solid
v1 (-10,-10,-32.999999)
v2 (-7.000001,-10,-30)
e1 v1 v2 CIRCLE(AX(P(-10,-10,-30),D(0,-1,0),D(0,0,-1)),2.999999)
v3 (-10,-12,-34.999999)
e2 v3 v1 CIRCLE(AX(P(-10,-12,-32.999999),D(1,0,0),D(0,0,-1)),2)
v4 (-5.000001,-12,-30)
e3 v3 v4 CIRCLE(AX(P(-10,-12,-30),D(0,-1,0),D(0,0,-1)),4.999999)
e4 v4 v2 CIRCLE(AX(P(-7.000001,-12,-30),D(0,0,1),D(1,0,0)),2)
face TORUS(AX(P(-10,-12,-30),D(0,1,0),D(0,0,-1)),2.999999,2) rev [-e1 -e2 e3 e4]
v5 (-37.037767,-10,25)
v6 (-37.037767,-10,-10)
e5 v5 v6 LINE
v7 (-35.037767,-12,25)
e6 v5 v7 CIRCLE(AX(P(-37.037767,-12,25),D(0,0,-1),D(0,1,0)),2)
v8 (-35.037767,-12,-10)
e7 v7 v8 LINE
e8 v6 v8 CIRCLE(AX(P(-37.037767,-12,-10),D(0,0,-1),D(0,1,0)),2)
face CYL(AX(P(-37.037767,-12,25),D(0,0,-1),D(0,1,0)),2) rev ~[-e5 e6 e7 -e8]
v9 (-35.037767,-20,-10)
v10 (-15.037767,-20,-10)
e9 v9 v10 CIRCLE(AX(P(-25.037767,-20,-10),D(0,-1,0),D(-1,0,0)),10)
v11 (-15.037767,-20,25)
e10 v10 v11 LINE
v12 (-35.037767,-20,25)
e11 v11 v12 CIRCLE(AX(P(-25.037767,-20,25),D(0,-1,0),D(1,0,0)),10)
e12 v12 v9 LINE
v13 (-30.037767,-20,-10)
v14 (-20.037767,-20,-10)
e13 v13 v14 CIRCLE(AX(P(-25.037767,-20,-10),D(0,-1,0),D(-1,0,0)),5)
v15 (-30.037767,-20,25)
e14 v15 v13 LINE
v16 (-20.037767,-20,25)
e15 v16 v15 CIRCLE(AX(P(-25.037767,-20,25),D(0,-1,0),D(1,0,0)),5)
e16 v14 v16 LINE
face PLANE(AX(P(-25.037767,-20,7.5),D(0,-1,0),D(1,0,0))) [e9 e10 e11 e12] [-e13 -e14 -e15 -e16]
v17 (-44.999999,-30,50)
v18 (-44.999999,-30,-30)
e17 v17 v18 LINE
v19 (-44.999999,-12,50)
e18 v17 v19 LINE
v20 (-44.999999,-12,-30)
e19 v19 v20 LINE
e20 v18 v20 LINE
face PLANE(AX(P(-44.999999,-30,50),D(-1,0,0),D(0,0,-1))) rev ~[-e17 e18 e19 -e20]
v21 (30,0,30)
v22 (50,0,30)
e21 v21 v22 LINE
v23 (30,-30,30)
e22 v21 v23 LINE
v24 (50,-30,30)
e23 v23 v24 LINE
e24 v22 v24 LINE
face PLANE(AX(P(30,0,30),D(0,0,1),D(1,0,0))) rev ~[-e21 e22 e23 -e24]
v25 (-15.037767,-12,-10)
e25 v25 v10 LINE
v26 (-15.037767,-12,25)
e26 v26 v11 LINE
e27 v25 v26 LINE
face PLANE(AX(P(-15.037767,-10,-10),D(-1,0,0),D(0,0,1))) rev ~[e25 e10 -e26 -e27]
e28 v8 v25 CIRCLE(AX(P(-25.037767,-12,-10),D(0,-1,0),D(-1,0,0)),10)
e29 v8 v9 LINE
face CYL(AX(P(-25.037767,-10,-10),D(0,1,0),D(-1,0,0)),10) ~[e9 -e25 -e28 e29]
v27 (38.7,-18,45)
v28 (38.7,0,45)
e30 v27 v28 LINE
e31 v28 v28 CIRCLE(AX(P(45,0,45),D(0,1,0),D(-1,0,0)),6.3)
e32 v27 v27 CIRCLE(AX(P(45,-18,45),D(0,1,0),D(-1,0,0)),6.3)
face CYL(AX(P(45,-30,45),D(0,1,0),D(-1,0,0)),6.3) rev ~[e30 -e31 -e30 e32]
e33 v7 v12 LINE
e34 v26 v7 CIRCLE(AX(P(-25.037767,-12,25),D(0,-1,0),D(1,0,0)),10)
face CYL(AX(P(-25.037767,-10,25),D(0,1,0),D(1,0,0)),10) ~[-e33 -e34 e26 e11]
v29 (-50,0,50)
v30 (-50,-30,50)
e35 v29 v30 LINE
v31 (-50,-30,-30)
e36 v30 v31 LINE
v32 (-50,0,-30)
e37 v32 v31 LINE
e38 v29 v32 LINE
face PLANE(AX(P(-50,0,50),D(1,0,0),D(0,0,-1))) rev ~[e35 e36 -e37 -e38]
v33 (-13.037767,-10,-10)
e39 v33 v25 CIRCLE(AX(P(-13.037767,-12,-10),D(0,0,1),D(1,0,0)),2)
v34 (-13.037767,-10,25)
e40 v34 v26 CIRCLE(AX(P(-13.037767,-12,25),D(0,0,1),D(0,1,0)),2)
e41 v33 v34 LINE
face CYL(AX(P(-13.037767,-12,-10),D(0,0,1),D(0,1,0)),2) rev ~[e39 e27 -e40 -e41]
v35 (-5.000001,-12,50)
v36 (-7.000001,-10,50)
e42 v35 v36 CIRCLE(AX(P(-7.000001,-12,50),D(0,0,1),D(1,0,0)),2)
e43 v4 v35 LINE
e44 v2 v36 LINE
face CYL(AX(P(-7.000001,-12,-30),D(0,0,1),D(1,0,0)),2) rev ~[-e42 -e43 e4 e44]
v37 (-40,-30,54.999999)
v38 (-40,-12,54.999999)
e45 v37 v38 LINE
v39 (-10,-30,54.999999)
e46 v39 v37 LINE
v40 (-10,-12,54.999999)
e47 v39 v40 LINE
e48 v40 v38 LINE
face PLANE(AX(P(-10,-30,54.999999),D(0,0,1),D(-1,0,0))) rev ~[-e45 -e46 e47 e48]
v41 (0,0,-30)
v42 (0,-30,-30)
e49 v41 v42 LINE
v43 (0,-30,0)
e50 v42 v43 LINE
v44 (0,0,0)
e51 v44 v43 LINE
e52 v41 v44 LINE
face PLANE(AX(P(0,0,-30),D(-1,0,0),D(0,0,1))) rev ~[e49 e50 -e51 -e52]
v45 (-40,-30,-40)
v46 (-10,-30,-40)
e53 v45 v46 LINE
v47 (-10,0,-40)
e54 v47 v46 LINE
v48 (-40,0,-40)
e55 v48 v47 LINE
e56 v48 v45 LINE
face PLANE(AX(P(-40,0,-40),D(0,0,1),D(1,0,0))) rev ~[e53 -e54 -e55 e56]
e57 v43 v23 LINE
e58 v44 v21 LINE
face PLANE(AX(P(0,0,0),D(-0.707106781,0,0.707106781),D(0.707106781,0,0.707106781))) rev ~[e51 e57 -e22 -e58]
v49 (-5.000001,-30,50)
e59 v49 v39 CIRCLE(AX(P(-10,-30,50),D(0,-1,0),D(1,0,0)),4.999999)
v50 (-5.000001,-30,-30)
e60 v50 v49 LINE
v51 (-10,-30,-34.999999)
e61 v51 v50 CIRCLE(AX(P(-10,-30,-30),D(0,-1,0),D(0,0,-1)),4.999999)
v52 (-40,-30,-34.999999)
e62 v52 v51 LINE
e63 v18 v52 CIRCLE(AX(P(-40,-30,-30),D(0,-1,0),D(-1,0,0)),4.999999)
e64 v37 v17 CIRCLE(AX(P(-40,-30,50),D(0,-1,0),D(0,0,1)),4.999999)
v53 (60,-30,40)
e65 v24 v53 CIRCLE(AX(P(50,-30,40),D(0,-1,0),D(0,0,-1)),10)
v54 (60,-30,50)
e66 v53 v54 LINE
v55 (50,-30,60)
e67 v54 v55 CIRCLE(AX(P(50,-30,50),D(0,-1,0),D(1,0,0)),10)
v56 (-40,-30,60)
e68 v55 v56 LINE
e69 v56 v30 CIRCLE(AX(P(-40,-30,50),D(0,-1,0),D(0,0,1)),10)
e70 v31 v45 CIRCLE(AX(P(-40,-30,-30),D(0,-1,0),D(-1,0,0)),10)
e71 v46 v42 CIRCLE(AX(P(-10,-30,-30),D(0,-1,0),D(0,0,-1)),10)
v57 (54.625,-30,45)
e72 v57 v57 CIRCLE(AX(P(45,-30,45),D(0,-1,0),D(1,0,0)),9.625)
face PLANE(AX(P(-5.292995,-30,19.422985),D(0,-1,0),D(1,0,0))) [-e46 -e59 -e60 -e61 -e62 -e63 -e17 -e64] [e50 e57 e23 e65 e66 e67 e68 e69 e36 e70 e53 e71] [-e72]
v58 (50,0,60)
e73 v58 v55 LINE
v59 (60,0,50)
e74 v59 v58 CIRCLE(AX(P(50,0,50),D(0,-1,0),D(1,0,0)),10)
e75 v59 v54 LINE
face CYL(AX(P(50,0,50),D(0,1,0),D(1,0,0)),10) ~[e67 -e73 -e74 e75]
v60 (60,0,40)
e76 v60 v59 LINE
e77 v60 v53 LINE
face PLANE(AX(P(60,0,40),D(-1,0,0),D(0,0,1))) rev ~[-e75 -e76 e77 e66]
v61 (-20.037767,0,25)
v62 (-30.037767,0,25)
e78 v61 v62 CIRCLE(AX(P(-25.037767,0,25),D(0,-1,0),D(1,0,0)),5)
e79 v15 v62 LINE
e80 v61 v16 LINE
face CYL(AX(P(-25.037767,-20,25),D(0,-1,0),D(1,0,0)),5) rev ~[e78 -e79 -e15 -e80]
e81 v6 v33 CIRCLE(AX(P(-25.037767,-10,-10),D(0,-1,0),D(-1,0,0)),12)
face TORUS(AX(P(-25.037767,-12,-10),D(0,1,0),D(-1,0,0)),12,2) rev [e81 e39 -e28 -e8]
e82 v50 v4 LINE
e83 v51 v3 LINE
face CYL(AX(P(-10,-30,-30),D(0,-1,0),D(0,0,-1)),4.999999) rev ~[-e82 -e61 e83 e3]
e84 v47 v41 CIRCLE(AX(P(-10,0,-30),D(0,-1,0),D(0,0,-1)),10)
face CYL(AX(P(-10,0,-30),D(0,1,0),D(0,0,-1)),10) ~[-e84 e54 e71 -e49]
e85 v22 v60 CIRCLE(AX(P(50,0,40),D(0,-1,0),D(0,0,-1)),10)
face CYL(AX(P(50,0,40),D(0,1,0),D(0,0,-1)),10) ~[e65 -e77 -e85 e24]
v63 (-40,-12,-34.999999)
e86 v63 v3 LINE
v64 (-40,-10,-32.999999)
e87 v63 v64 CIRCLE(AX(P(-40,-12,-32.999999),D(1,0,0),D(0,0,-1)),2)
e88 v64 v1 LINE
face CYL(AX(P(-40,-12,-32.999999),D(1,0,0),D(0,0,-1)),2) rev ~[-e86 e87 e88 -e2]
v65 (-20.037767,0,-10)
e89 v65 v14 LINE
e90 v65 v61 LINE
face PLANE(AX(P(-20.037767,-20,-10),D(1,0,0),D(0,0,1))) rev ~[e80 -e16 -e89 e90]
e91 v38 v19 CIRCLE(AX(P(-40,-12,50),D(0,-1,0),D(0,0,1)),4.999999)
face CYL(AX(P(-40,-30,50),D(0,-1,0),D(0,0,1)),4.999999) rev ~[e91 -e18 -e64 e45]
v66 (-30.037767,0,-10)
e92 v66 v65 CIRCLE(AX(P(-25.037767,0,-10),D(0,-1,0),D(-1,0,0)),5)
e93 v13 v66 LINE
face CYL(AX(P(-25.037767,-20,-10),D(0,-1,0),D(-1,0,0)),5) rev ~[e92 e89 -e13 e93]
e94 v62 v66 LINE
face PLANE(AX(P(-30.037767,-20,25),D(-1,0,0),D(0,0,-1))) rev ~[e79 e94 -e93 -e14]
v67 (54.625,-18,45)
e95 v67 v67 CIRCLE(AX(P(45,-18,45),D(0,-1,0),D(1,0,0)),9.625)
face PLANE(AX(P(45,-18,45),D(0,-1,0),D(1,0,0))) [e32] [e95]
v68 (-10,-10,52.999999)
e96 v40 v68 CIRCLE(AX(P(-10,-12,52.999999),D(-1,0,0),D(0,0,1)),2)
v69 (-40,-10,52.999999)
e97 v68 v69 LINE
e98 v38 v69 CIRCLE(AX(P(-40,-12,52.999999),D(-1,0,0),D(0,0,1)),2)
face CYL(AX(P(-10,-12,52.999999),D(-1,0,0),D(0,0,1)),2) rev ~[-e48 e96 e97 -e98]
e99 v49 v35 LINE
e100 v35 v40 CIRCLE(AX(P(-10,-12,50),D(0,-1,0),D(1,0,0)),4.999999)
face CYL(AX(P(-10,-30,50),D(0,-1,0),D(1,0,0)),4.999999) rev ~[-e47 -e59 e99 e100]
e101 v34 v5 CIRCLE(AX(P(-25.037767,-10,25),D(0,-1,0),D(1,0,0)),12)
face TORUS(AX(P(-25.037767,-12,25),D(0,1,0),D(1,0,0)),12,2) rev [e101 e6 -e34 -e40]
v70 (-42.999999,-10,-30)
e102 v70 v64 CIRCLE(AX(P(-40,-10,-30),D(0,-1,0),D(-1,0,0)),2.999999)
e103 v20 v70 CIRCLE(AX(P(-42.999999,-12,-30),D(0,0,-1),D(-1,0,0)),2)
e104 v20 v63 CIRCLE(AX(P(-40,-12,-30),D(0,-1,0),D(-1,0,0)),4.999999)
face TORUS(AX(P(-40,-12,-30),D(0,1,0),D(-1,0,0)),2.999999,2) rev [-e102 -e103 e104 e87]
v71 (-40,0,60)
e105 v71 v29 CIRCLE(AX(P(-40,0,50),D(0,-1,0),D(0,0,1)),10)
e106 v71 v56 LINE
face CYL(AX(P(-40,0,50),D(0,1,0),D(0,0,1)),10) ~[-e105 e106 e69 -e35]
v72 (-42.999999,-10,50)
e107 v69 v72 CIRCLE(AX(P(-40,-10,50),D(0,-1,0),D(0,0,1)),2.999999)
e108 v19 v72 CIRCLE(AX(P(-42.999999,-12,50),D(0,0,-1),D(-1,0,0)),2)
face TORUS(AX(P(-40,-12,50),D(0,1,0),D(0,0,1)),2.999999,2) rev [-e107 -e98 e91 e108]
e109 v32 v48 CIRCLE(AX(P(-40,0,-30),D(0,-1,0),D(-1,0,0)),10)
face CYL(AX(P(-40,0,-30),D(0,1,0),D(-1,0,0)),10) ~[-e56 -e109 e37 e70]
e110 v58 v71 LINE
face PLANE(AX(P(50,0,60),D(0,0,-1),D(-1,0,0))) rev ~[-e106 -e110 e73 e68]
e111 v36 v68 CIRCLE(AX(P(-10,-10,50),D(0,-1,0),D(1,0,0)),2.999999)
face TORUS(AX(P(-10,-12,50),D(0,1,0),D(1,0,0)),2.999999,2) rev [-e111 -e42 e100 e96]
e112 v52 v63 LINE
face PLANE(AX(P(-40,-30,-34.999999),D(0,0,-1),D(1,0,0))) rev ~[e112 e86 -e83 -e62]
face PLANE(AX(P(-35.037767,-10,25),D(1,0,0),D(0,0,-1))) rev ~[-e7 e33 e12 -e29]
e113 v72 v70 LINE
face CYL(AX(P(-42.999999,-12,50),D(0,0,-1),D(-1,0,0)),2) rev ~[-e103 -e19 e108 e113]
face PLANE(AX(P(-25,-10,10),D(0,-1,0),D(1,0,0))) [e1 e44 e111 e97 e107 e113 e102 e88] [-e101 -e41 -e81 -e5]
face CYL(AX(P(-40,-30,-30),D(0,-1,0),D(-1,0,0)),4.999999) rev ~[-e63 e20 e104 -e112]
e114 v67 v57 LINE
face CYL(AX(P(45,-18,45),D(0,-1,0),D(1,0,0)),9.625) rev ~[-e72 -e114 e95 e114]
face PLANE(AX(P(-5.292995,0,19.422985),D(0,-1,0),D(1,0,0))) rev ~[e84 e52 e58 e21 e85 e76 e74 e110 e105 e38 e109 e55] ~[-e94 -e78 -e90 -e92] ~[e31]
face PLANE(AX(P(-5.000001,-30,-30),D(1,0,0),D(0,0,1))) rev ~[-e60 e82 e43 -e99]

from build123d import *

# Parameters (mm, degrees)
F1_DEPTH       = 30
F3_D           = 12.6
F3_CBORE_D     = 19.25
F3_CBORE_DEPTH = 12
F5_DEPTH       = 20
F7_DEPTH       = 10
F9_DEPTH       = 51.5
F10_R          = 2


with BuildPart() as f1:
    # F0 (on Front) → F1 (new body)
    with BuildSketch(Plane.XZ):
        with BuildLine():
            Line((0, -30), (0, 0))
            Line((0, 0), (30, 30))
            Line((30, 30), (50, 30))
            ThreePointArc((50, 30), (57.0710678119, 32.9289321881), (60, 40))
            Line((60, 40), (60, 50))
            ThreePointArc((60, 50), (57.0710678119, 57.0710678119), (50, 60))
            Line((50, 60), (-40, 60))
            ThreePointArc((-40, 60), (-47.0710678119, 57.0710678119), (-50, 50))
            Line((-50, 50), (-50, -30))
            ThreePointArc((-50, -30), (-47.0710678119, -37.0710678119), (-40, -40))
            Line((-40, -40), (-10, -40))
            ThreePointArc((-10, -40), (-2.9289321881, -37.0710678119), (0, -30))
        make_face()
    extrude(amount=F1_DEPTH)

    # F3 (through all)
    with Locations(Plane.XZ.offset(30)):
        with Locations((45, 45)):
            CounterBoreHole(F3_D / 2, F3_CBORE_D / 2, F3_CBORE_DEPTH)

    # F4 (on face) → F5 (cut)
    with BuildSketch(Plane.XZ.offset(30)):
        with BuildLine():
            Line((-5.0000011261, -30), (-5.0000011261, 0))
            Line((-5.0000011261, 0), (-5.0000011261, 50))
            ThreePointArc((-5.0000011261, 50), (-6.4644668903, 53.5355331097), (-10, 54.9999988739))
            Line((-10, 54.9999988739), (-40, 54.9999988739))
            ThreePointArc((-40, 54.9999988739), (-43.5355331097, 53.5355331097), (-44.9999988739, 50))
            Line((-44.9999988739, 50), (-44.9999988739, -30))
            ThreePointArc((-44.9999988739, -30), (-43.5355331097, -33.5355331097), (-40, -34.9999988739))
            Line((-40, -34.9999988739), (-10, -34.9999988739))
            ThreePointArc((-10, -34.9999988739), (-6.4644668903, -33.5355331097), (-5.0000011261, -30))
        make_face()
    extrude(amount=-F5_DEPTH, mode=Mode.SUBTRACT)

    # F6 (on face) → F7 (join)
    with BuildSketch(Plane.XZ.offset(10)):
        with BuildLine():
            ThreePointArc((-35.0377668691, -10), (-25.0377668691, -20), (-15.0377668691, -10))
            Line((-15.0377668691, -10), (-15.0377668691, 25))
            ThreePointArc((-15.0377668691, 25), (-25.0377668691, 35), (-35.0377668691, 25))
            Line((-35.0377668691, 25), (-35.0377668691, -10))
        make_face()
    extrude(amount=F7_DEPTH)

    # F8 (on face) → F9 (cut, symmetric)
    with BuildSketch(Plane.XZ.offset(20)):
        with BuildLine():
            ThreePointArc((-30.0377668691, -10), (-25.0377668691, -15), (-20.0377668691, -10))
            Line((-20.0377668691, -10), (-20.0377668691, 25))
            ThreePointArc((-20.0377668691, 25), (-25.0377668691, 30), (-30.0377668691, 25))
            Line((-30.0377668691, 25), (-30.0377668691, -10))
        make_face()
    extrude(amount=F9_DEPTH, both=True, mode=Mode.SUBTRACT)

    # F10
    f10_edges = [f1.edges().sort_by_distance(p)[0] for p in [
        (-5.000001, -10, 10),
        (-6.464467, -10, -33.535533),
        (-6.464467, -10, 53.535533),
        (-25, -10, -34.999999),
        (-25, -10, 54.999999),
        (-43.535533, -10, -33.535533),
        (-43.535533, -10, 53.535533),
        (-44.999999, -10, 10),
        (-35.037767, -10, 7.5),
        (-25.037767, -10, -20),
        (-15.037767, -10, 7.5),
        (-25.037767, -10, 35),
    ]]
    fillet(f10_edges, radius=F10_R)


solid = f1.part
